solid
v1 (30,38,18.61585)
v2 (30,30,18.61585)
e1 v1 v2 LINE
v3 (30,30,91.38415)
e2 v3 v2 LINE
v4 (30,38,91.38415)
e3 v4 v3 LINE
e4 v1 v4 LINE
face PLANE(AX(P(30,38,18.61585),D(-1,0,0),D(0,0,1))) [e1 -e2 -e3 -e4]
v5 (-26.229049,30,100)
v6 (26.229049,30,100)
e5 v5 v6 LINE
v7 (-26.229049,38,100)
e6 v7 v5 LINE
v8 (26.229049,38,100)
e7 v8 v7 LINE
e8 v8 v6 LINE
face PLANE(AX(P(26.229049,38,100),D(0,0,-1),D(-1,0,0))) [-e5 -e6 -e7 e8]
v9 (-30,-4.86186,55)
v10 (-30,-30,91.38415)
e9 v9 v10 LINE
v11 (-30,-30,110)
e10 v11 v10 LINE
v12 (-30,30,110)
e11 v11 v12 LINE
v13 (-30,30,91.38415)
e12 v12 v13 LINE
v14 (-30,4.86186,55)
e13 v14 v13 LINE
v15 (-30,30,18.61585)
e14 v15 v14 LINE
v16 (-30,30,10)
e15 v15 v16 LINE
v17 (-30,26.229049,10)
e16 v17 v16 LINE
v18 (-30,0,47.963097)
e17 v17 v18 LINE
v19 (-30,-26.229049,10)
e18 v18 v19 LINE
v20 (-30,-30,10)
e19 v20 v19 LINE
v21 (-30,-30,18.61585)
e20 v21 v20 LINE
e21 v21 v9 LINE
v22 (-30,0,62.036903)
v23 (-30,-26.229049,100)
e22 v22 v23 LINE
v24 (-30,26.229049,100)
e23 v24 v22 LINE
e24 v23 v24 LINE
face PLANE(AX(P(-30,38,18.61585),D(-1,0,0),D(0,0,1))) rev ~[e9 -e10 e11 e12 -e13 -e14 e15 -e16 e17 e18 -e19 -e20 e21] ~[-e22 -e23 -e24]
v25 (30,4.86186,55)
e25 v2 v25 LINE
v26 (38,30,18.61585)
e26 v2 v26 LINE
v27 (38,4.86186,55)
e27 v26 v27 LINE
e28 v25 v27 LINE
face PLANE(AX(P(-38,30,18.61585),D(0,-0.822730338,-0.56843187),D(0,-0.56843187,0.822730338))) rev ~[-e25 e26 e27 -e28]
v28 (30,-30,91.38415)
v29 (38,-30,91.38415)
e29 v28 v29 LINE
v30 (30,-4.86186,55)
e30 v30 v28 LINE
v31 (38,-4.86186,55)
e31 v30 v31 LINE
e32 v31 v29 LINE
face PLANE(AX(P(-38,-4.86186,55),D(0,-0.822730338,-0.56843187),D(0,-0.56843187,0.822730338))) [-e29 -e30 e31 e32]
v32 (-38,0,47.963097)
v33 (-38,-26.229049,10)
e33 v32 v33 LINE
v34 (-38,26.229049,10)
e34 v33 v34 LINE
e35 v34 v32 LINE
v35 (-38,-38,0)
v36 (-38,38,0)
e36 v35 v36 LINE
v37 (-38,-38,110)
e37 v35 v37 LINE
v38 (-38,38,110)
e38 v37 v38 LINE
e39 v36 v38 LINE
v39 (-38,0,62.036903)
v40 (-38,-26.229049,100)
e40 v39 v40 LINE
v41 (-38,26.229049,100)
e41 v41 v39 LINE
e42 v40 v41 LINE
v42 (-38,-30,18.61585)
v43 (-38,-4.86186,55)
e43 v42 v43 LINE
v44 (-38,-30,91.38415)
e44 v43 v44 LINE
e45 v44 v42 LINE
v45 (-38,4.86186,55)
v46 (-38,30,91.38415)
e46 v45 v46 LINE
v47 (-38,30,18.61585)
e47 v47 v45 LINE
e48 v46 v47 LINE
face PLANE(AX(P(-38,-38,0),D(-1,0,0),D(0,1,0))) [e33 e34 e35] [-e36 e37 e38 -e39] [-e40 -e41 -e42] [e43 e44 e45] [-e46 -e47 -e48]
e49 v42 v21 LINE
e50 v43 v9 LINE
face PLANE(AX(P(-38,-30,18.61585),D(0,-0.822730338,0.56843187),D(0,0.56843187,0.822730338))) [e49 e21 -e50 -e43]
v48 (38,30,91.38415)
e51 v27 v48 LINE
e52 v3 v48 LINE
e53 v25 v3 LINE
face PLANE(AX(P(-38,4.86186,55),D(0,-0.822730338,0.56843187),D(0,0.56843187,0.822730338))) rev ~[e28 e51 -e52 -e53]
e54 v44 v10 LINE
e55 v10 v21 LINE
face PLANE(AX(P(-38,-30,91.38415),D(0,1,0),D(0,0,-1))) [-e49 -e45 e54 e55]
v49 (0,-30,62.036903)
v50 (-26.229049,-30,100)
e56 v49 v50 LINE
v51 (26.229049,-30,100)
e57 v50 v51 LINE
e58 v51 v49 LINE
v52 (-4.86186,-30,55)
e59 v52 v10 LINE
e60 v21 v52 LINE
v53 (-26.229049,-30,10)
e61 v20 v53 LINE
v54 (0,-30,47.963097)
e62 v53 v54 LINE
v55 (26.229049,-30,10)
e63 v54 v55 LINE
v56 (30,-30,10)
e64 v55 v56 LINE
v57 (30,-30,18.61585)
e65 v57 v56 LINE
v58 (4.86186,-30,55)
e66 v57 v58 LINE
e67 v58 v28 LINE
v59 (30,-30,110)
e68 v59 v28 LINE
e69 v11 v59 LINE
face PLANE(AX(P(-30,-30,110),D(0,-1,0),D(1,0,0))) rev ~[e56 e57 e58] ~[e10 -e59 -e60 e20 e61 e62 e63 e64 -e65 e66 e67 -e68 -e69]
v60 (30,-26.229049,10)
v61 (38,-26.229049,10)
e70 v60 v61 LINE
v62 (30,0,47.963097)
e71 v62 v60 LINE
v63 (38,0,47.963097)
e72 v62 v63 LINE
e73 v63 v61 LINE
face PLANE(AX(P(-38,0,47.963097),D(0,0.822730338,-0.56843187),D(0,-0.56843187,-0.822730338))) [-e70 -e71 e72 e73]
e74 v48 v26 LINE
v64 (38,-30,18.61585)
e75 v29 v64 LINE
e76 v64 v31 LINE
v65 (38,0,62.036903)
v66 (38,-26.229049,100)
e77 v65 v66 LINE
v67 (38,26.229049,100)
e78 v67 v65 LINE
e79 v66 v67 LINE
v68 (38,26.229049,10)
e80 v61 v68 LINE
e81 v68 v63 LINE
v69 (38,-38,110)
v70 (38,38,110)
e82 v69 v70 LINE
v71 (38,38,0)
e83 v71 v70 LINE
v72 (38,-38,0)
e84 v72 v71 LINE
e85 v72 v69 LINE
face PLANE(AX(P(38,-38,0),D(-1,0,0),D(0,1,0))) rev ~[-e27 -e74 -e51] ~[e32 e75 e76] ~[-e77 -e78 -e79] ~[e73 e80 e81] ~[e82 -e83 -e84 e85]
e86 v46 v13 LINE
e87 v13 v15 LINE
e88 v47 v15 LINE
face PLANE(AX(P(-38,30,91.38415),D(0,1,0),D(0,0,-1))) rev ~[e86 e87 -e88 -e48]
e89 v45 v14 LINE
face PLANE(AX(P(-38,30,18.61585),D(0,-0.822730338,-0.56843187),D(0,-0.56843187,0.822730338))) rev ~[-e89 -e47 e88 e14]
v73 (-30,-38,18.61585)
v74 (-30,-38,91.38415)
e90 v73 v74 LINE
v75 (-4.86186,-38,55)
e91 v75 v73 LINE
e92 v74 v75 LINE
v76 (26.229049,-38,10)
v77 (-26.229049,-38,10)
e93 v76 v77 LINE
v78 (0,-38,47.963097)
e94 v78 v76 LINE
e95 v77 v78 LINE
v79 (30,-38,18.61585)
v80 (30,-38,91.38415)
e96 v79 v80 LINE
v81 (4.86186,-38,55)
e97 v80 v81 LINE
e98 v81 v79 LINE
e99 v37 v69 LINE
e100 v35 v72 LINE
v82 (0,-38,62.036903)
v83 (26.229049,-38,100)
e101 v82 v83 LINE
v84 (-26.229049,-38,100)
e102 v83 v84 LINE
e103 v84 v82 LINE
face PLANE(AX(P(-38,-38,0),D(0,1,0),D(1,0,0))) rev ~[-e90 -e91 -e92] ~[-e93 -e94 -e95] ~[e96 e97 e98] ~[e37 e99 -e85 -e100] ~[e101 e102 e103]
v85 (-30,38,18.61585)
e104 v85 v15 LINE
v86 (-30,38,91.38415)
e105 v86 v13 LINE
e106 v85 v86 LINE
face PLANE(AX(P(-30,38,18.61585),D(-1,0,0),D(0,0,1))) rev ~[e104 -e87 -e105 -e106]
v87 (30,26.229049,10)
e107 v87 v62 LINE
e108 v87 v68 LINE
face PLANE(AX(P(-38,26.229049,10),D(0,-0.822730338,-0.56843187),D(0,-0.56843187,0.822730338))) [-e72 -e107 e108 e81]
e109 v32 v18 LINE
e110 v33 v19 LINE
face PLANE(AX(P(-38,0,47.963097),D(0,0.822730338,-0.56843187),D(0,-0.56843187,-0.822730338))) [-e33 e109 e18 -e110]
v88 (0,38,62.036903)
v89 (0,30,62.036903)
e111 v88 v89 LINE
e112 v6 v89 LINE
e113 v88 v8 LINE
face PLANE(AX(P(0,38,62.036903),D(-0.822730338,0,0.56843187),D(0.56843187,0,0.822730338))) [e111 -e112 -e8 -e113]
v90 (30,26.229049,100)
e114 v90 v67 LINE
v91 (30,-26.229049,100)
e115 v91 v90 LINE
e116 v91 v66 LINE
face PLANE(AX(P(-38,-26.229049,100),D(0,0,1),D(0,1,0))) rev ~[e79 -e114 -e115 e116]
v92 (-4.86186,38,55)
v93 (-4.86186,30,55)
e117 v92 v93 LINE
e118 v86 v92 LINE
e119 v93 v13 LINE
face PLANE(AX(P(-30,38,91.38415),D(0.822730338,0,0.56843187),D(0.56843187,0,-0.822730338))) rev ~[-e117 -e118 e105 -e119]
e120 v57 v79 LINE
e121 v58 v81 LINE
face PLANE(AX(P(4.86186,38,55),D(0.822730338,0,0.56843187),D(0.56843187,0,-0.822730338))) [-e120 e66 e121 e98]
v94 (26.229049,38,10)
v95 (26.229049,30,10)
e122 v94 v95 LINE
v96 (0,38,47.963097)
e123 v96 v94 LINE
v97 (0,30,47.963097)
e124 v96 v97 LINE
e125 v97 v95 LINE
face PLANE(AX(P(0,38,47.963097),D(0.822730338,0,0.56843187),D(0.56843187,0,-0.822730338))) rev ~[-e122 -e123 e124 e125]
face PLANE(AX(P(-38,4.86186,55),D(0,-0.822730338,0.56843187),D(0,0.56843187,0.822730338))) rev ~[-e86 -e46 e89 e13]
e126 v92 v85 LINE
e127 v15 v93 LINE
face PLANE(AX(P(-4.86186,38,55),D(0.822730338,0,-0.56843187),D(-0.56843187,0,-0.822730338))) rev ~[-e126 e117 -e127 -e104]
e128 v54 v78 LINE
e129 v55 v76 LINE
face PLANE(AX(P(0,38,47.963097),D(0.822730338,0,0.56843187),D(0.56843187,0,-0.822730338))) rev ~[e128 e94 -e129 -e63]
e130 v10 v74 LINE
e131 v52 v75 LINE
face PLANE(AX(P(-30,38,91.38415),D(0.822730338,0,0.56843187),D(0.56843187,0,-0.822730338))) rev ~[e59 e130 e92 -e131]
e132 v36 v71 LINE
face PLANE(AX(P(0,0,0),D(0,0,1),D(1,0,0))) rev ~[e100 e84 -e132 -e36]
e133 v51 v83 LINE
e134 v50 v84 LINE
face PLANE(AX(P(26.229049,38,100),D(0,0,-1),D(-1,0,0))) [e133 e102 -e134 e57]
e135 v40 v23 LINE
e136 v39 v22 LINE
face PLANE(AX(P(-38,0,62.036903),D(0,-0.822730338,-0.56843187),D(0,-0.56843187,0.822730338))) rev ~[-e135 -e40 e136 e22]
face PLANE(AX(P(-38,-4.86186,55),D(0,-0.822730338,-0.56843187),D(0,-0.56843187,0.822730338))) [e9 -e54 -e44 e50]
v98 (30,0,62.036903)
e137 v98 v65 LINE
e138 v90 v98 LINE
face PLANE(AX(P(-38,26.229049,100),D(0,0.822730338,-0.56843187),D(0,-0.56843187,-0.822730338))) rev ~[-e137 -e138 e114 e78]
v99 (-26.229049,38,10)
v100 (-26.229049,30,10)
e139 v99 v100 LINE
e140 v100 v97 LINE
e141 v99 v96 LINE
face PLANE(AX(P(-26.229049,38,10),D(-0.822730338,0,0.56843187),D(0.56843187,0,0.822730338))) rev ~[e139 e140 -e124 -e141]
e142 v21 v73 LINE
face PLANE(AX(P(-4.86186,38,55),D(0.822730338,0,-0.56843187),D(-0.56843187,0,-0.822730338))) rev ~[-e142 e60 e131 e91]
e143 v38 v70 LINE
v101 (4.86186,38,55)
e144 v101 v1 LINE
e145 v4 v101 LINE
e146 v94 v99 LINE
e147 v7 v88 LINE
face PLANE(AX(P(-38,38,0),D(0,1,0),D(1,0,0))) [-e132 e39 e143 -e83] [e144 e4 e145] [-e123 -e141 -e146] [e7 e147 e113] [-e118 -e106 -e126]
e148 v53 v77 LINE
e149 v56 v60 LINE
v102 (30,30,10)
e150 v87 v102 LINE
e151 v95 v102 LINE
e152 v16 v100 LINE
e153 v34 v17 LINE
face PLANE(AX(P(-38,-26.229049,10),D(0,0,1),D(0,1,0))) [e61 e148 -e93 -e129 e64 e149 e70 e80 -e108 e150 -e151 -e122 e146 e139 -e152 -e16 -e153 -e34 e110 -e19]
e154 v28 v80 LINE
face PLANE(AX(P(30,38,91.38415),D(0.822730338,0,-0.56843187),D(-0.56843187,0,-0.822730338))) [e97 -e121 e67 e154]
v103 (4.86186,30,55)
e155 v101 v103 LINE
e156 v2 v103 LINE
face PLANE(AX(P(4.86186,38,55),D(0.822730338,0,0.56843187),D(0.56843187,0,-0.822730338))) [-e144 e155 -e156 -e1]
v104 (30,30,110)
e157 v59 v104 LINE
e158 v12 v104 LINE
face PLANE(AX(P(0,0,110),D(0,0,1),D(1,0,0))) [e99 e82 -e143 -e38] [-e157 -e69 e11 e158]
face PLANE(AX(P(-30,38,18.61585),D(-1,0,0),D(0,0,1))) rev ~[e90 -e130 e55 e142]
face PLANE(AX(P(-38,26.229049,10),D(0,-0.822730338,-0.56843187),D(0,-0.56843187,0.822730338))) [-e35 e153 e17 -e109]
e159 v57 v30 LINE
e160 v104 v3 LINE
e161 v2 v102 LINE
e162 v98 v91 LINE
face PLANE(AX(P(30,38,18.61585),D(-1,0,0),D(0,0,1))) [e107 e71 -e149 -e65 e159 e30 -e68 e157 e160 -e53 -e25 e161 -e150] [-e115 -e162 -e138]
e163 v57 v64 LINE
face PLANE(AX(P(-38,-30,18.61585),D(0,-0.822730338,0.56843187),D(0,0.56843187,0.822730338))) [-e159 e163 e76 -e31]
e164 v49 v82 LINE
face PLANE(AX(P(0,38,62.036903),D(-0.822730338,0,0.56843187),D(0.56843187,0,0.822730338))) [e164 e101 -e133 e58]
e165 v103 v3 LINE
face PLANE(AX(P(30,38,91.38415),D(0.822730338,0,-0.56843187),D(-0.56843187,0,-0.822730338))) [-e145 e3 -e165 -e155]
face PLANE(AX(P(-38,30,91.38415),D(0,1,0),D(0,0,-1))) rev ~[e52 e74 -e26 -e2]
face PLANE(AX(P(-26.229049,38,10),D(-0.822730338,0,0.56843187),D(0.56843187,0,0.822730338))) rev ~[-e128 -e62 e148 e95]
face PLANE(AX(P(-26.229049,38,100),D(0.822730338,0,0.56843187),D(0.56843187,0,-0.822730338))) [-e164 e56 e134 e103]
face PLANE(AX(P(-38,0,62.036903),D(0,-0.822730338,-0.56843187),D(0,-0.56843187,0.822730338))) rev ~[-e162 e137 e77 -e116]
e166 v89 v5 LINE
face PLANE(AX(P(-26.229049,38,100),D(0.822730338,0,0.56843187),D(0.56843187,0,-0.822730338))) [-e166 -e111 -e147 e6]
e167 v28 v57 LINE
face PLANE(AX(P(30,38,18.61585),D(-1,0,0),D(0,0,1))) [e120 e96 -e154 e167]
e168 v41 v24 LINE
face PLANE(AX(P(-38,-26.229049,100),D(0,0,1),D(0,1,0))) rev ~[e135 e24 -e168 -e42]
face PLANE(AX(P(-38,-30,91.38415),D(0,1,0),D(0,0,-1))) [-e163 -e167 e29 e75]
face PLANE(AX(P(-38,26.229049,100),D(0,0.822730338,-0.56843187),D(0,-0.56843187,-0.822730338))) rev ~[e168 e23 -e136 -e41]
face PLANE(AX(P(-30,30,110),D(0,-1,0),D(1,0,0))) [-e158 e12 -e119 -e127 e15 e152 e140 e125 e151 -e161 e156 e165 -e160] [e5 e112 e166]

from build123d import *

# Parameters (mm, degrees)
SKETCH1_W           = 76
SKETCH1_H           = 76
BOSS_EXTRUDE1_DEPTH = 110
SKETCH2_W           = 60
SKETCH2_H           = 60
CUT_EXTRUDE1_DEPTH  = 100
CUT_EXTRUDE2_REACH  = 140.996
CUT_EXTRUDE3_REACH  = 140.996


with BuildPart() as part:
    # Sketch1 → Boss-Extrude1 (new body)
    with BuildSketch(Plane.XY):
        Rectangle(SKETCH1_W, SKETCH1_H)
    extrude(amount=BOSS_EXTRUDE1_DEPTH)

    # Sketch2 → Cut-Extrude1 (cut)
    with BuildSketch(Plane.XY.offset(110)):
        Rectangle(SKETCH2_W, SKETCH2_H)
    extrude(amount=-CUT_EXTRUDE1_DEPTH, mode=Mode.SUBTRACT)

    # Cut-Extrude2: up to this face of the body (flat: up to its plane)
    cut_extrude2_end = Plane(part.part.faces().sort_by_distance((0, -38, 55))[0])
    # Sketch4 → Cut-Extrude2 (cut, up to the picked face)
    with BuildSketch(Plane(origin=(0, 38, 0), x_dir=(1, 0, 0), z_dir=(0, 1, 0)), mode=Mode.PRIVATE) as cut_extrude2_sk1:
        Polygon((-26.229048752, -10), (0, -47.963096879), (26.229048752, -10), align=None)
    cut_extrude2_tool1 = split(extrude(cut_extrude2_sk1.sketch, amount=-CUT_EXTRUDE2_REACH, mode=Mode.PRIVATE), bisect_by=cut_extrude2_end, keep=Keep.BOTH, mode=Mode.PRIVATE)
    # Sketch4 → Cut-Extrude2 (cut, up to the picked face)
    with BuildSketch(Plane(origin=(0, 38, 0), x_dir=(1, 0, 0), z_dir=(0, 1, 0)), mode=Mode.PRIVATE) as cut_extrude2_sk2:
        Polygon((0, -62.036903121), (26.229048752, -100), (-26.229048752, -100), align=None)
    cut_extrude2_tool2 = split(extrude(cut_extrude2_sk2.sketch, amount=-CUT_EXTRUDE2_REACH, mode=Mode.PRIVATE), bisect_by=cut_extrude2_end, keep=Keep.BOTH, mode=Mode.PRIVATE)
    # Sketch4 → Cut-Extrude2 (cut, up to the picked face)
    with BuildSketch(Plane(origin=(0, 38, 0), x_dir=(1, 0, 0), z_dir=(0, 1, 0)), mode=Mode.PRIVATE) as cut_extrude2_sk3:
        Polygon((4.861860338, -55), (30, -18.61585049), (30, -91.38414951), align=None)
    cut_extrude2_tool3 = split(extrude(cut_extrude2_sk3.sketch, amount=-CUT_EXTRUDE2_REACH, mode=Mode.PRIVATE), bisect_by=cut_extrude2_end, keep=Keep.BOTH, mode=Mode.PRIVATE)
    # Sketch4 → Cut-Extrude2 (cut, up to the picked face)
    with BuildSketch(Plane(origin=(0, 38, 0), x_dir=(1, 0, 0), z_dir=(0, 1, 0)), mode=Mode.PRIVATE) as cut_extrude2_sk4:
        Polygon((-30, -91.38414951), (-4.861860338, -55), (-30, -18.61585049), align=None)
    cut_extrude2_tool4 = split(extrude(cut_extrude2_sk4.sketch, amount=-CUT_EXTRUDE2_REACH, mode=Mode.PRIVATE), bisect_by=cut_extrude2_end, keep=Keep.BOTH, mode=Mode.PRIVATE)
    add(cut_extrude2_tool1.solids().sort_by(Axis((0, 38, 22.654366), (0, -1, 0)))[0], mode=Mode.SUBTRACT)
    add(cut_extrude2_tool2.solids().sort_by(Axis((0, 38, 87.345634), (0, -1, 0)))[0], mode=Mode.SUBTRACT)
    add(cut_extrude2_tool3.solids().sort_by(Axis((21.62062, 38, 55), (0, -1, 0)))[0], mode=Mode.SUBTRACT)
    add(cut_extrude2_tool4.solids().sort_by(Axis((-21.62062, 38, 55), (0, -1, 0)))[0], mode=Mode.SUBTRACT)

    # Cut-Extrude3: up to this face of the body (flat: up to its plane)
    cut_extrude3_end = Plane(part.part.faces().sort_by_distance((38, 0, 55))[0])
    # Sketch5 → Cut-Extrude3 (cut, up to the picked face)
    with BuildSketch(Plane.ZY.offset(38), mode=Mode.PRIVATE) as cut_extrude3_sk1:
        Polygon((18.61585049, 30), (55, 4.861860338), (91.38414951, 30), align=None)
    cut_extrude3_tool1 = split(extrude(cut_extrude3_sk1.sketch, amount=-CUT_EXTRUDE3_REACH, mode=Mode.PRIVATE), bisect_by=cut_extrude3_end, keep=Keep.BOTH, mode=Mode.PRIVATE)
    # Sketch5 → Cut-Extrude3 (cut, up to the picked face)
    with BuildSketch(Plane.ZY.offset(38), mode=Mode.PRIVATE) as cut_extrude3_sk2:
        Polygon((91.38414951, -30), (18.61585049, -30), (55, -4.861860338), align=None)
    cut_extrude3_tool2 = split(extrude(cut_extrude3_sk2.sketch, amount=-CUT_EXTRUDE3_REACH, mode=Mode.PRIVATE), bisect_by=cut_extrude3_end, keep=Keep.BOTH, mode=Mode.PRIVATE)
    # Sketch5 → Cut-Extrude3 (cut, up to the picked face)
    with BuildSketch(Plane.ZY.offset(38), mode=Mode.PRIVATE) as cut_extrude3_sk3:
        Polygon((10, 26.229048752), (47.963096879, 0), (10, -26.229048752), align=None)
    cut_extrude3_tool3 = split(extrude(cut_extrude3_sk3.sketch, amount=-CUT_EXTRUDE3_REACH, mode=Mode.PRIVATE), bisect_by=cut_extrude3_end, keep=Keep.BOTH, mode=Mode.PRIVATE)
    # Sketch5 → Cut-Extrude3 (cut, up to the picked face)
    with BuildSketch(Plane.ZY.offset(38), mode=Mode.PRIVATE) as cut_extrude3_sk4:
        Polygon((62.036903121, 0), (100, -26.229048752), (100, 26.229048752), align=None)
    cut_extrude3_tool4 = split(extrude(cut_extrude3_sk4.sketch, amount=-CUT_EXTRUDE3_REACH, mode=Mode.PRIVATE), bisect_by=cut_extrude3_end, keep=Keep.BOTH, mode=Mode.PRIVATE)
    add(cut_extrude3_tool1.solids().sort_by(Axis((-38, 21.62062, 55), (1, 0, 0)))[0], mode=Mode.SUBTRACT)
    add(cut_extrude3_tool2.solids().sort_by(Axis((-38, -21.62062, 55), (1, 0, 0)))[0], mode=Mode.SUBTRACT)
    add(cut_extrude3_tool3.solids().sort_by(Axis((-38, 0, 22.654366), (1, 0, 0)))[0], mode=Mode.SUBTRACT)
    add(cut_extrude3_tool4.solids().sort_by(Axis((-38, 0, 87.345634), (1, 0, 0)))[0], mode=Mode.SUBTRACT)


solid = part.part
